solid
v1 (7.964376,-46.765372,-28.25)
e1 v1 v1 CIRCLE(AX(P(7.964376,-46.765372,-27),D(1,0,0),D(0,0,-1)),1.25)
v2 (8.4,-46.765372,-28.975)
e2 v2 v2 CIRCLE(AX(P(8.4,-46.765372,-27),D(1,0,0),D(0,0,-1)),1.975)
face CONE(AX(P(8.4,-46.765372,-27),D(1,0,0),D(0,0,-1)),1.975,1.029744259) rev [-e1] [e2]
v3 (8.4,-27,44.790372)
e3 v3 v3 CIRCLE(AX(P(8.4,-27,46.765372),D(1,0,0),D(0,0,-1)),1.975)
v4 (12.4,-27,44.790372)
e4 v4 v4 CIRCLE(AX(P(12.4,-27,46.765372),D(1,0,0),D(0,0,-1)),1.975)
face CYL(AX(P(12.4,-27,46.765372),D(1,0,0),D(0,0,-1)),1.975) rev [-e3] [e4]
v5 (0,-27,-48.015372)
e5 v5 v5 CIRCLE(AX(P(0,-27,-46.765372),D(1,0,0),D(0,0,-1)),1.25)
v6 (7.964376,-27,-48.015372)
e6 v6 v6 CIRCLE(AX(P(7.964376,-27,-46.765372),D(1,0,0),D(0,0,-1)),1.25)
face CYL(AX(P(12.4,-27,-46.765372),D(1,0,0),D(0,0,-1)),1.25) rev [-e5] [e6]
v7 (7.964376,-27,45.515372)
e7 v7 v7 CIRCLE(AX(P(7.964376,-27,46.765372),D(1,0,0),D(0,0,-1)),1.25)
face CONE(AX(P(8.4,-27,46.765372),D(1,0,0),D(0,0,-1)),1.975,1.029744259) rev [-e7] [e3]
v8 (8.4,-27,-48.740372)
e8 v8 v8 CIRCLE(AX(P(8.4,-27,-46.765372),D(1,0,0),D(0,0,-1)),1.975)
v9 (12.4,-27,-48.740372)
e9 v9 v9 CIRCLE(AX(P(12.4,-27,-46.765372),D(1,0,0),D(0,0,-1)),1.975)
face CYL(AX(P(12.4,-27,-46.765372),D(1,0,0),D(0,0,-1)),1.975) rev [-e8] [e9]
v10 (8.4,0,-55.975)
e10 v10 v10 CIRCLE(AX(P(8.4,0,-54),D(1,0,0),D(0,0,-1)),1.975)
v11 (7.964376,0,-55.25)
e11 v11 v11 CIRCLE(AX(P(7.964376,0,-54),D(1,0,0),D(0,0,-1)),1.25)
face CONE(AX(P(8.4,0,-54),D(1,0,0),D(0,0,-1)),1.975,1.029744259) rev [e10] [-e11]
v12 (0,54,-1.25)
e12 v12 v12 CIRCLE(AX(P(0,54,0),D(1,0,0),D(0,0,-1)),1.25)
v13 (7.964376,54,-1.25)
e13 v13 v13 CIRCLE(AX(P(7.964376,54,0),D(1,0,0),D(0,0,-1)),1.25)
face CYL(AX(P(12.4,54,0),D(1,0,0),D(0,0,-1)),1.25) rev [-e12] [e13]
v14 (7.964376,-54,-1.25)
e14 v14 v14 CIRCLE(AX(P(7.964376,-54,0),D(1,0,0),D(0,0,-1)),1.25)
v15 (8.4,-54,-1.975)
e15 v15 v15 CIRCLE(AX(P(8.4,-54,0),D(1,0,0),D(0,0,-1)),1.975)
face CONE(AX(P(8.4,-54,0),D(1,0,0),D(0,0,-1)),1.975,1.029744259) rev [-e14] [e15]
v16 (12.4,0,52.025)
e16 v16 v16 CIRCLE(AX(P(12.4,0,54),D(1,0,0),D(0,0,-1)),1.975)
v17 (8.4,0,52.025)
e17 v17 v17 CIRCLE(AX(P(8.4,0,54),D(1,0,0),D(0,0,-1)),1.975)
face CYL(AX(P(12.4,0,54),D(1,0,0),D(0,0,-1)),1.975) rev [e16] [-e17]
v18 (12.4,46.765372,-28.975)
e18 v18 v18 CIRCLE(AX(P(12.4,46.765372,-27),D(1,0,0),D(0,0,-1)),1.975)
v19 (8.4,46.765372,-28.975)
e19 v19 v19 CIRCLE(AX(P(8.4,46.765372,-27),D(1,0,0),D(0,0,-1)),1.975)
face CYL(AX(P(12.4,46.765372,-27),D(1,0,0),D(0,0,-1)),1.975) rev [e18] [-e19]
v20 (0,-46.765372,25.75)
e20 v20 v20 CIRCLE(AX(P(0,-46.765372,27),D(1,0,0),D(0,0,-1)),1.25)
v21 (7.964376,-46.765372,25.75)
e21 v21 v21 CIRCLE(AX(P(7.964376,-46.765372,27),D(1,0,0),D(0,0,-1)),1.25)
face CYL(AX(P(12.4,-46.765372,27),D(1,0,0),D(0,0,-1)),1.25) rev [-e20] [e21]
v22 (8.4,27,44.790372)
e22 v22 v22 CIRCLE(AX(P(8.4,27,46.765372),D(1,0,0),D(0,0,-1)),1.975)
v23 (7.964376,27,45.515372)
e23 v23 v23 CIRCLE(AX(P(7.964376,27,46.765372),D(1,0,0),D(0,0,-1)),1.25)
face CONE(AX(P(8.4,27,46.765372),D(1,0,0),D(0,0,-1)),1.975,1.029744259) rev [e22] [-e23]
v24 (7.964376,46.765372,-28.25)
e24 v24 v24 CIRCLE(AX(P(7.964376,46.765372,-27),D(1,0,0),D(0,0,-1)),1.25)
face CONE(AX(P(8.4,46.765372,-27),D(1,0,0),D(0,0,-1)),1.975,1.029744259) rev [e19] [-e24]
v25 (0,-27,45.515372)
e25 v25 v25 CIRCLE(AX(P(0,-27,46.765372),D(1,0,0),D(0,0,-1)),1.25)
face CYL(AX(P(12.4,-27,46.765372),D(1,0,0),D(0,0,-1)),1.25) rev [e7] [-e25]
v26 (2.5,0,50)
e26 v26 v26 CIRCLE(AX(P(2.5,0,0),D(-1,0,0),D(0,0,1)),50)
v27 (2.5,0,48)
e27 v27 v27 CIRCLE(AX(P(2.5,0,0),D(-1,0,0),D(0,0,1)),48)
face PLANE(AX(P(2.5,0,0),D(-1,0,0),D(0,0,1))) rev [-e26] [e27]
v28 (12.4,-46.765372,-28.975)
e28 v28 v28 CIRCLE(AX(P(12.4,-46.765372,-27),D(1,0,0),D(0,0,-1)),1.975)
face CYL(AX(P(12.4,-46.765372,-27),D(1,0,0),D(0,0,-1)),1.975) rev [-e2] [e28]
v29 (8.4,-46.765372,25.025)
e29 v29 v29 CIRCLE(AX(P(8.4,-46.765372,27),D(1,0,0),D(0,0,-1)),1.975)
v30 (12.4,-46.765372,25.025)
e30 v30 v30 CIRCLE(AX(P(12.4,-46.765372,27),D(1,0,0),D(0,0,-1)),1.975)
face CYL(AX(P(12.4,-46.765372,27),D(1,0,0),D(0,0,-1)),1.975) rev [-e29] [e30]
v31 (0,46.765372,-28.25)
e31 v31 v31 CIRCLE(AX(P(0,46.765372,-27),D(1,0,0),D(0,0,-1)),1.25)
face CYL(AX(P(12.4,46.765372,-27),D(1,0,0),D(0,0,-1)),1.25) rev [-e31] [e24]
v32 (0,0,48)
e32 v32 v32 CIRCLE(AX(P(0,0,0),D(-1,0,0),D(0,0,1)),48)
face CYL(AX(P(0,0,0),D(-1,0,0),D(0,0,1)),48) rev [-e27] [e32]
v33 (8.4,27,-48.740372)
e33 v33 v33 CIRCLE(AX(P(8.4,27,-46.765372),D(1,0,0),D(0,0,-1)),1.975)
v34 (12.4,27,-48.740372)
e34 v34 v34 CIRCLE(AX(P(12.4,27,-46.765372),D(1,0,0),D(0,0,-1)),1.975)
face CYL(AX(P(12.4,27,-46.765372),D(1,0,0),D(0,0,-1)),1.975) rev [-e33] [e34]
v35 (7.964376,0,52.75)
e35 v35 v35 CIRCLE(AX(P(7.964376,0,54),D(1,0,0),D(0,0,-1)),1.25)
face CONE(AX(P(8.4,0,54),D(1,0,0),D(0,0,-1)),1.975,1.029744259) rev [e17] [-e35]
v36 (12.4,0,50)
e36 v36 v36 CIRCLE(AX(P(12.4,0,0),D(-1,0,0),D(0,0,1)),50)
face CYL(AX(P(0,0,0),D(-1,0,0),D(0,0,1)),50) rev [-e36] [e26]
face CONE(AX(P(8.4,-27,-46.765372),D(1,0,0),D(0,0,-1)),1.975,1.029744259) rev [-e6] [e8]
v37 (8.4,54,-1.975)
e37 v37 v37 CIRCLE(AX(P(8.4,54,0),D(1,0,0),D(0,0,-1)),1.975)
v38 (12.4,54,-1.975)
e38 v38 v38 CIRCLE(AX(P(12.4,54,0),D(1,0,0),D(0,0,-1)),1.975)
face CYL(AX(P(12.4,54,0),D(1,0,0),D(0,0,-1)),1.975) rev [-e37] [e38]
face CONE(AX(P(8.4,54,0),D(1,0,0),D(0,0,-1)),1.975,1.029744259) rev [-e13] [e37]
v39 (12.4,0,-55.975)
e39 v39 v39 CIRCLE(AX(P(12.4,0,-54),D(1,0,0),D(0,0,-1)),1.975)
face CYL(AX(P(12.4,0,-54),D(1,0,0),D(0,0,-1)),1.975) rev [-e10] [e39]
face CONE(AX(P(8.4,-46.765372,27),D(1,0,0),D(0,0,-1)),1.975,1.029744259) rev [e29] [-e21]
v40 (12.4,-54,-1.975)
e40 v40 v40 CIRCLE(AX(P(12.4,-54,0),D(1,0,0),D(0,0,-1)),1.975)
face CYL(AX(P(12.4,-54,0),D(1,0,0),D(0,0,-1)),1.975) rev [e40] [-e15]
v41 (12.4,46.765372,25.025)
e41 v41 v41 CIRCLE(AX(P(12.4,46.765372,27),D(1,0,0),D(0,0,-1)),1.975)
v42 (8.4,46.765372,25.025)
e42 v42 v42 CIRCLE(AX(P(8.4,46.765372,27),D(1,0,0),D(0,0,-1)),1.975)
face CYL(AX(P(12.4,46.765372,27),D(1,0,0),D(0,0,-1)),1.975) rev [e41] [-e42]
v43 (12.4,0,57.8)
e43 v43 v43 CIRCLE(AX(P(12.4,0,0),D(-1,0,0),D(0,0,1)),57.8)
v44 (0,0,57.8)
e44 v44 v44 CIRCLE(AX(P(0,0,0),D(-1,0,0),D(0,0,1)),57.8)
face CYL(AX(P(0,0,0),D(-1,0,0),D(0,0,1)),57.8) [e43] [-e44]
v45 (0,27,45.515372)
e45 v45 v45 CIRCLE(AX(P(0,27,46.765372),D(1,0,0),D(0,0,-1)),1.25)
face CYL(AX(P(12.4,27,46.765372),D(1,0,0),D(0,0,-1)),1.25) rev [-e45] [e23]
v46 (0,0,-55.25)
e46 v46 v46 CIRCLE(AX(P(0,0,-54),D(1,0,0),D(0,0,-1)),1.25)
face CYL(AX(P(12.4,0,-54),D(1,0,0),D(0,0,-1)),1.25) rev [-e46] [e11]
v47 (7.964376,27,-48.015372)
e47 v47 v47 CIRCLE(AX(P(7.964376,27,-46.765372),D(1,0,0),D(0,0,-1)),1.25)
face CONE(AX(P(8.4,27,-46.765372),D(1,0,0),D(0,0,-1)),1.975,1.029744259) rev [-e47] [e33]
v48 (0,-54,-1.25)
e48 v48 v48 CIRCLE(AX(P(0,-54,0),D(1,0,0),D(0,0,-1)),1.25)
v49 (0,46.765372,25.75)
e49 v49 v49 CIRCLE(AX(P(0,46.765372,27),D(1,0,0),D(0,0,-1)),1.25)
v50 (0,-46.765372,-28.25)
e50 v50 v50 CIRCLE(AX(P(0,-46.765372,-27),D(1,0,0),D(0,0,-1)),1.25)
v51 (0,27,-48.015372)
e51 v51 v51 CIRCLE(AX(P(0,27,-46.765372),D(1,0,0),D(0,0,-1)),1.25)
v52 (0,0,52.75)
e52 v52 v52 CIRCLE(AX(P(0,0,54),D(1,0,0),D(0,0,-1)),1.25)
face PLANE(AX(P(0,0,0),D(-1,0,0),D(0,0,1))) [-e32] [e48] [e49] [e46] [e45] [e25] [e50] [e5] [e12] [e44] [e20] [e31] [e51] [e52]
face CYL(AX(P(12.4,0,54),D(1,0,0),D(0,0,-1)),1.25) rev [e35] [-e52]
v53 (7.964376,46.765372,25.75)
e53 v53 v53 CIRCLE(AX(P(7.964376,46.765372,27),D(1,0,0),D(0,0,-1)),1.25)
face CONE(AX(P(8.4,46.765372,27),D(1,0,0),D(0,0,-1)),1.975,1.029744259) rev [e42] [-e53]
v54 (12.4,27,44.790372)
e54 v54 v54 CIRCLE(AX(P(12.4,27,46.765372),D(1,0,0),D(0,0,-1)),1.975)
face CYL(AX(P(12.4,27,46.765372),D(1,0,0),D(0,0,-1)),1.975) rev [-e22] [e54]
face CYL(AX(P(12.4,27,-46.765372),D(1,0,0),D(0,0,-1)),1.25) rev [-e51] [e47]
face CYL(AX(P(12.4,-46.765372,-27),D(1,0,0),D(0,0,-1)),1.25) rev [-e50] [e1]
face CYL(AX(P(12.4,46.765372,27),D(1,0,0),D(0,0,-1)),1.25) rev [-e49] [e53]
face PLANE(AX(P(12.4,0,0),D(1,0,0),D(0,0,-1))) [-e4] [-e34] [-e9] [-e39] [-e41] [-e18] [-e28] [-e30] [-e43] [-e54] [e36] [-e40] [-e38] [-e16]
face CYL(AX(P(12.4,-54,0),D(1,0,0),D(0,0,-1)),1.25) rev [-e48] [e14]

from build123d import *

# Parameters (mm, degrees)
HOLE_WIZARD_M3_1_D       = 2.5
PATTERN_CIRCULAR_1_COUNT = 12


with BuildPart() as part:
    # 草图1 → 旋转1 (revolve)
    with BuildSketch(Plane.XY):
        Polygon((0, 57.8), (0, 48), (2.5, 48), (2.5, 50), (12.4, 50), (12.4, 57.8), align=None)
    revolve(axis=Axis((0, 0, 0), (1, 0, 0)))

    # M3 螺纹孔1 (through all)
    with Locations(Plane(origin=(12.4, 0, 0), x_dir=(0, 0, -1), z_dir=(1, 0, 0))):
        with Locations((0, 54)):
            hole_wizard_m3_1 = Hole(HOLE_WIZARD_M3_1_D / 2)

    # 草图9 → Ø4.0mm 暗销孔1 (revolve, cut)
    with BuildSketch(Plane(origin=(12.4, 54, 0), x_dir=(0, 0, -1), z_dir=(0, 1, 0))):
        Polygon((0, 0), (0, 5.186699723), (1.975, 4), (1.975, 0), align=None)
    f_4_0mm_1 = revolve(axis=Axis((18.75, 54, 0), (-1, 0, 0)), mode=Mode.SUBTRACT)

    # 阵列(圆周)1: M3 螺纹孔1, Ø4.0mm 暗销孔1 ×12 about axis
    pattern_circular_1_axis = Axis((0, 0, 0), (-1, 0, 0))
    add([hole_wizard_m3_1.rotate(pattern_circular_1_axis, i * 360 / PATTERN_CIRCULAR_1_COUNT) for i in range(1, PATTERN_CIRCULAR_1_COUNT)], mode=Mode.SUBTRACT)
    add([f_4_0mm_1.rotate(pattern_circular_1_axis, i * 360 / PATTERN_CIRCULAR_1_COUNT) for i in range(1, PATTERN_CIRCULAR_1_COUNT)], mode=Mode.SUBTRACT)


solid = part.part
